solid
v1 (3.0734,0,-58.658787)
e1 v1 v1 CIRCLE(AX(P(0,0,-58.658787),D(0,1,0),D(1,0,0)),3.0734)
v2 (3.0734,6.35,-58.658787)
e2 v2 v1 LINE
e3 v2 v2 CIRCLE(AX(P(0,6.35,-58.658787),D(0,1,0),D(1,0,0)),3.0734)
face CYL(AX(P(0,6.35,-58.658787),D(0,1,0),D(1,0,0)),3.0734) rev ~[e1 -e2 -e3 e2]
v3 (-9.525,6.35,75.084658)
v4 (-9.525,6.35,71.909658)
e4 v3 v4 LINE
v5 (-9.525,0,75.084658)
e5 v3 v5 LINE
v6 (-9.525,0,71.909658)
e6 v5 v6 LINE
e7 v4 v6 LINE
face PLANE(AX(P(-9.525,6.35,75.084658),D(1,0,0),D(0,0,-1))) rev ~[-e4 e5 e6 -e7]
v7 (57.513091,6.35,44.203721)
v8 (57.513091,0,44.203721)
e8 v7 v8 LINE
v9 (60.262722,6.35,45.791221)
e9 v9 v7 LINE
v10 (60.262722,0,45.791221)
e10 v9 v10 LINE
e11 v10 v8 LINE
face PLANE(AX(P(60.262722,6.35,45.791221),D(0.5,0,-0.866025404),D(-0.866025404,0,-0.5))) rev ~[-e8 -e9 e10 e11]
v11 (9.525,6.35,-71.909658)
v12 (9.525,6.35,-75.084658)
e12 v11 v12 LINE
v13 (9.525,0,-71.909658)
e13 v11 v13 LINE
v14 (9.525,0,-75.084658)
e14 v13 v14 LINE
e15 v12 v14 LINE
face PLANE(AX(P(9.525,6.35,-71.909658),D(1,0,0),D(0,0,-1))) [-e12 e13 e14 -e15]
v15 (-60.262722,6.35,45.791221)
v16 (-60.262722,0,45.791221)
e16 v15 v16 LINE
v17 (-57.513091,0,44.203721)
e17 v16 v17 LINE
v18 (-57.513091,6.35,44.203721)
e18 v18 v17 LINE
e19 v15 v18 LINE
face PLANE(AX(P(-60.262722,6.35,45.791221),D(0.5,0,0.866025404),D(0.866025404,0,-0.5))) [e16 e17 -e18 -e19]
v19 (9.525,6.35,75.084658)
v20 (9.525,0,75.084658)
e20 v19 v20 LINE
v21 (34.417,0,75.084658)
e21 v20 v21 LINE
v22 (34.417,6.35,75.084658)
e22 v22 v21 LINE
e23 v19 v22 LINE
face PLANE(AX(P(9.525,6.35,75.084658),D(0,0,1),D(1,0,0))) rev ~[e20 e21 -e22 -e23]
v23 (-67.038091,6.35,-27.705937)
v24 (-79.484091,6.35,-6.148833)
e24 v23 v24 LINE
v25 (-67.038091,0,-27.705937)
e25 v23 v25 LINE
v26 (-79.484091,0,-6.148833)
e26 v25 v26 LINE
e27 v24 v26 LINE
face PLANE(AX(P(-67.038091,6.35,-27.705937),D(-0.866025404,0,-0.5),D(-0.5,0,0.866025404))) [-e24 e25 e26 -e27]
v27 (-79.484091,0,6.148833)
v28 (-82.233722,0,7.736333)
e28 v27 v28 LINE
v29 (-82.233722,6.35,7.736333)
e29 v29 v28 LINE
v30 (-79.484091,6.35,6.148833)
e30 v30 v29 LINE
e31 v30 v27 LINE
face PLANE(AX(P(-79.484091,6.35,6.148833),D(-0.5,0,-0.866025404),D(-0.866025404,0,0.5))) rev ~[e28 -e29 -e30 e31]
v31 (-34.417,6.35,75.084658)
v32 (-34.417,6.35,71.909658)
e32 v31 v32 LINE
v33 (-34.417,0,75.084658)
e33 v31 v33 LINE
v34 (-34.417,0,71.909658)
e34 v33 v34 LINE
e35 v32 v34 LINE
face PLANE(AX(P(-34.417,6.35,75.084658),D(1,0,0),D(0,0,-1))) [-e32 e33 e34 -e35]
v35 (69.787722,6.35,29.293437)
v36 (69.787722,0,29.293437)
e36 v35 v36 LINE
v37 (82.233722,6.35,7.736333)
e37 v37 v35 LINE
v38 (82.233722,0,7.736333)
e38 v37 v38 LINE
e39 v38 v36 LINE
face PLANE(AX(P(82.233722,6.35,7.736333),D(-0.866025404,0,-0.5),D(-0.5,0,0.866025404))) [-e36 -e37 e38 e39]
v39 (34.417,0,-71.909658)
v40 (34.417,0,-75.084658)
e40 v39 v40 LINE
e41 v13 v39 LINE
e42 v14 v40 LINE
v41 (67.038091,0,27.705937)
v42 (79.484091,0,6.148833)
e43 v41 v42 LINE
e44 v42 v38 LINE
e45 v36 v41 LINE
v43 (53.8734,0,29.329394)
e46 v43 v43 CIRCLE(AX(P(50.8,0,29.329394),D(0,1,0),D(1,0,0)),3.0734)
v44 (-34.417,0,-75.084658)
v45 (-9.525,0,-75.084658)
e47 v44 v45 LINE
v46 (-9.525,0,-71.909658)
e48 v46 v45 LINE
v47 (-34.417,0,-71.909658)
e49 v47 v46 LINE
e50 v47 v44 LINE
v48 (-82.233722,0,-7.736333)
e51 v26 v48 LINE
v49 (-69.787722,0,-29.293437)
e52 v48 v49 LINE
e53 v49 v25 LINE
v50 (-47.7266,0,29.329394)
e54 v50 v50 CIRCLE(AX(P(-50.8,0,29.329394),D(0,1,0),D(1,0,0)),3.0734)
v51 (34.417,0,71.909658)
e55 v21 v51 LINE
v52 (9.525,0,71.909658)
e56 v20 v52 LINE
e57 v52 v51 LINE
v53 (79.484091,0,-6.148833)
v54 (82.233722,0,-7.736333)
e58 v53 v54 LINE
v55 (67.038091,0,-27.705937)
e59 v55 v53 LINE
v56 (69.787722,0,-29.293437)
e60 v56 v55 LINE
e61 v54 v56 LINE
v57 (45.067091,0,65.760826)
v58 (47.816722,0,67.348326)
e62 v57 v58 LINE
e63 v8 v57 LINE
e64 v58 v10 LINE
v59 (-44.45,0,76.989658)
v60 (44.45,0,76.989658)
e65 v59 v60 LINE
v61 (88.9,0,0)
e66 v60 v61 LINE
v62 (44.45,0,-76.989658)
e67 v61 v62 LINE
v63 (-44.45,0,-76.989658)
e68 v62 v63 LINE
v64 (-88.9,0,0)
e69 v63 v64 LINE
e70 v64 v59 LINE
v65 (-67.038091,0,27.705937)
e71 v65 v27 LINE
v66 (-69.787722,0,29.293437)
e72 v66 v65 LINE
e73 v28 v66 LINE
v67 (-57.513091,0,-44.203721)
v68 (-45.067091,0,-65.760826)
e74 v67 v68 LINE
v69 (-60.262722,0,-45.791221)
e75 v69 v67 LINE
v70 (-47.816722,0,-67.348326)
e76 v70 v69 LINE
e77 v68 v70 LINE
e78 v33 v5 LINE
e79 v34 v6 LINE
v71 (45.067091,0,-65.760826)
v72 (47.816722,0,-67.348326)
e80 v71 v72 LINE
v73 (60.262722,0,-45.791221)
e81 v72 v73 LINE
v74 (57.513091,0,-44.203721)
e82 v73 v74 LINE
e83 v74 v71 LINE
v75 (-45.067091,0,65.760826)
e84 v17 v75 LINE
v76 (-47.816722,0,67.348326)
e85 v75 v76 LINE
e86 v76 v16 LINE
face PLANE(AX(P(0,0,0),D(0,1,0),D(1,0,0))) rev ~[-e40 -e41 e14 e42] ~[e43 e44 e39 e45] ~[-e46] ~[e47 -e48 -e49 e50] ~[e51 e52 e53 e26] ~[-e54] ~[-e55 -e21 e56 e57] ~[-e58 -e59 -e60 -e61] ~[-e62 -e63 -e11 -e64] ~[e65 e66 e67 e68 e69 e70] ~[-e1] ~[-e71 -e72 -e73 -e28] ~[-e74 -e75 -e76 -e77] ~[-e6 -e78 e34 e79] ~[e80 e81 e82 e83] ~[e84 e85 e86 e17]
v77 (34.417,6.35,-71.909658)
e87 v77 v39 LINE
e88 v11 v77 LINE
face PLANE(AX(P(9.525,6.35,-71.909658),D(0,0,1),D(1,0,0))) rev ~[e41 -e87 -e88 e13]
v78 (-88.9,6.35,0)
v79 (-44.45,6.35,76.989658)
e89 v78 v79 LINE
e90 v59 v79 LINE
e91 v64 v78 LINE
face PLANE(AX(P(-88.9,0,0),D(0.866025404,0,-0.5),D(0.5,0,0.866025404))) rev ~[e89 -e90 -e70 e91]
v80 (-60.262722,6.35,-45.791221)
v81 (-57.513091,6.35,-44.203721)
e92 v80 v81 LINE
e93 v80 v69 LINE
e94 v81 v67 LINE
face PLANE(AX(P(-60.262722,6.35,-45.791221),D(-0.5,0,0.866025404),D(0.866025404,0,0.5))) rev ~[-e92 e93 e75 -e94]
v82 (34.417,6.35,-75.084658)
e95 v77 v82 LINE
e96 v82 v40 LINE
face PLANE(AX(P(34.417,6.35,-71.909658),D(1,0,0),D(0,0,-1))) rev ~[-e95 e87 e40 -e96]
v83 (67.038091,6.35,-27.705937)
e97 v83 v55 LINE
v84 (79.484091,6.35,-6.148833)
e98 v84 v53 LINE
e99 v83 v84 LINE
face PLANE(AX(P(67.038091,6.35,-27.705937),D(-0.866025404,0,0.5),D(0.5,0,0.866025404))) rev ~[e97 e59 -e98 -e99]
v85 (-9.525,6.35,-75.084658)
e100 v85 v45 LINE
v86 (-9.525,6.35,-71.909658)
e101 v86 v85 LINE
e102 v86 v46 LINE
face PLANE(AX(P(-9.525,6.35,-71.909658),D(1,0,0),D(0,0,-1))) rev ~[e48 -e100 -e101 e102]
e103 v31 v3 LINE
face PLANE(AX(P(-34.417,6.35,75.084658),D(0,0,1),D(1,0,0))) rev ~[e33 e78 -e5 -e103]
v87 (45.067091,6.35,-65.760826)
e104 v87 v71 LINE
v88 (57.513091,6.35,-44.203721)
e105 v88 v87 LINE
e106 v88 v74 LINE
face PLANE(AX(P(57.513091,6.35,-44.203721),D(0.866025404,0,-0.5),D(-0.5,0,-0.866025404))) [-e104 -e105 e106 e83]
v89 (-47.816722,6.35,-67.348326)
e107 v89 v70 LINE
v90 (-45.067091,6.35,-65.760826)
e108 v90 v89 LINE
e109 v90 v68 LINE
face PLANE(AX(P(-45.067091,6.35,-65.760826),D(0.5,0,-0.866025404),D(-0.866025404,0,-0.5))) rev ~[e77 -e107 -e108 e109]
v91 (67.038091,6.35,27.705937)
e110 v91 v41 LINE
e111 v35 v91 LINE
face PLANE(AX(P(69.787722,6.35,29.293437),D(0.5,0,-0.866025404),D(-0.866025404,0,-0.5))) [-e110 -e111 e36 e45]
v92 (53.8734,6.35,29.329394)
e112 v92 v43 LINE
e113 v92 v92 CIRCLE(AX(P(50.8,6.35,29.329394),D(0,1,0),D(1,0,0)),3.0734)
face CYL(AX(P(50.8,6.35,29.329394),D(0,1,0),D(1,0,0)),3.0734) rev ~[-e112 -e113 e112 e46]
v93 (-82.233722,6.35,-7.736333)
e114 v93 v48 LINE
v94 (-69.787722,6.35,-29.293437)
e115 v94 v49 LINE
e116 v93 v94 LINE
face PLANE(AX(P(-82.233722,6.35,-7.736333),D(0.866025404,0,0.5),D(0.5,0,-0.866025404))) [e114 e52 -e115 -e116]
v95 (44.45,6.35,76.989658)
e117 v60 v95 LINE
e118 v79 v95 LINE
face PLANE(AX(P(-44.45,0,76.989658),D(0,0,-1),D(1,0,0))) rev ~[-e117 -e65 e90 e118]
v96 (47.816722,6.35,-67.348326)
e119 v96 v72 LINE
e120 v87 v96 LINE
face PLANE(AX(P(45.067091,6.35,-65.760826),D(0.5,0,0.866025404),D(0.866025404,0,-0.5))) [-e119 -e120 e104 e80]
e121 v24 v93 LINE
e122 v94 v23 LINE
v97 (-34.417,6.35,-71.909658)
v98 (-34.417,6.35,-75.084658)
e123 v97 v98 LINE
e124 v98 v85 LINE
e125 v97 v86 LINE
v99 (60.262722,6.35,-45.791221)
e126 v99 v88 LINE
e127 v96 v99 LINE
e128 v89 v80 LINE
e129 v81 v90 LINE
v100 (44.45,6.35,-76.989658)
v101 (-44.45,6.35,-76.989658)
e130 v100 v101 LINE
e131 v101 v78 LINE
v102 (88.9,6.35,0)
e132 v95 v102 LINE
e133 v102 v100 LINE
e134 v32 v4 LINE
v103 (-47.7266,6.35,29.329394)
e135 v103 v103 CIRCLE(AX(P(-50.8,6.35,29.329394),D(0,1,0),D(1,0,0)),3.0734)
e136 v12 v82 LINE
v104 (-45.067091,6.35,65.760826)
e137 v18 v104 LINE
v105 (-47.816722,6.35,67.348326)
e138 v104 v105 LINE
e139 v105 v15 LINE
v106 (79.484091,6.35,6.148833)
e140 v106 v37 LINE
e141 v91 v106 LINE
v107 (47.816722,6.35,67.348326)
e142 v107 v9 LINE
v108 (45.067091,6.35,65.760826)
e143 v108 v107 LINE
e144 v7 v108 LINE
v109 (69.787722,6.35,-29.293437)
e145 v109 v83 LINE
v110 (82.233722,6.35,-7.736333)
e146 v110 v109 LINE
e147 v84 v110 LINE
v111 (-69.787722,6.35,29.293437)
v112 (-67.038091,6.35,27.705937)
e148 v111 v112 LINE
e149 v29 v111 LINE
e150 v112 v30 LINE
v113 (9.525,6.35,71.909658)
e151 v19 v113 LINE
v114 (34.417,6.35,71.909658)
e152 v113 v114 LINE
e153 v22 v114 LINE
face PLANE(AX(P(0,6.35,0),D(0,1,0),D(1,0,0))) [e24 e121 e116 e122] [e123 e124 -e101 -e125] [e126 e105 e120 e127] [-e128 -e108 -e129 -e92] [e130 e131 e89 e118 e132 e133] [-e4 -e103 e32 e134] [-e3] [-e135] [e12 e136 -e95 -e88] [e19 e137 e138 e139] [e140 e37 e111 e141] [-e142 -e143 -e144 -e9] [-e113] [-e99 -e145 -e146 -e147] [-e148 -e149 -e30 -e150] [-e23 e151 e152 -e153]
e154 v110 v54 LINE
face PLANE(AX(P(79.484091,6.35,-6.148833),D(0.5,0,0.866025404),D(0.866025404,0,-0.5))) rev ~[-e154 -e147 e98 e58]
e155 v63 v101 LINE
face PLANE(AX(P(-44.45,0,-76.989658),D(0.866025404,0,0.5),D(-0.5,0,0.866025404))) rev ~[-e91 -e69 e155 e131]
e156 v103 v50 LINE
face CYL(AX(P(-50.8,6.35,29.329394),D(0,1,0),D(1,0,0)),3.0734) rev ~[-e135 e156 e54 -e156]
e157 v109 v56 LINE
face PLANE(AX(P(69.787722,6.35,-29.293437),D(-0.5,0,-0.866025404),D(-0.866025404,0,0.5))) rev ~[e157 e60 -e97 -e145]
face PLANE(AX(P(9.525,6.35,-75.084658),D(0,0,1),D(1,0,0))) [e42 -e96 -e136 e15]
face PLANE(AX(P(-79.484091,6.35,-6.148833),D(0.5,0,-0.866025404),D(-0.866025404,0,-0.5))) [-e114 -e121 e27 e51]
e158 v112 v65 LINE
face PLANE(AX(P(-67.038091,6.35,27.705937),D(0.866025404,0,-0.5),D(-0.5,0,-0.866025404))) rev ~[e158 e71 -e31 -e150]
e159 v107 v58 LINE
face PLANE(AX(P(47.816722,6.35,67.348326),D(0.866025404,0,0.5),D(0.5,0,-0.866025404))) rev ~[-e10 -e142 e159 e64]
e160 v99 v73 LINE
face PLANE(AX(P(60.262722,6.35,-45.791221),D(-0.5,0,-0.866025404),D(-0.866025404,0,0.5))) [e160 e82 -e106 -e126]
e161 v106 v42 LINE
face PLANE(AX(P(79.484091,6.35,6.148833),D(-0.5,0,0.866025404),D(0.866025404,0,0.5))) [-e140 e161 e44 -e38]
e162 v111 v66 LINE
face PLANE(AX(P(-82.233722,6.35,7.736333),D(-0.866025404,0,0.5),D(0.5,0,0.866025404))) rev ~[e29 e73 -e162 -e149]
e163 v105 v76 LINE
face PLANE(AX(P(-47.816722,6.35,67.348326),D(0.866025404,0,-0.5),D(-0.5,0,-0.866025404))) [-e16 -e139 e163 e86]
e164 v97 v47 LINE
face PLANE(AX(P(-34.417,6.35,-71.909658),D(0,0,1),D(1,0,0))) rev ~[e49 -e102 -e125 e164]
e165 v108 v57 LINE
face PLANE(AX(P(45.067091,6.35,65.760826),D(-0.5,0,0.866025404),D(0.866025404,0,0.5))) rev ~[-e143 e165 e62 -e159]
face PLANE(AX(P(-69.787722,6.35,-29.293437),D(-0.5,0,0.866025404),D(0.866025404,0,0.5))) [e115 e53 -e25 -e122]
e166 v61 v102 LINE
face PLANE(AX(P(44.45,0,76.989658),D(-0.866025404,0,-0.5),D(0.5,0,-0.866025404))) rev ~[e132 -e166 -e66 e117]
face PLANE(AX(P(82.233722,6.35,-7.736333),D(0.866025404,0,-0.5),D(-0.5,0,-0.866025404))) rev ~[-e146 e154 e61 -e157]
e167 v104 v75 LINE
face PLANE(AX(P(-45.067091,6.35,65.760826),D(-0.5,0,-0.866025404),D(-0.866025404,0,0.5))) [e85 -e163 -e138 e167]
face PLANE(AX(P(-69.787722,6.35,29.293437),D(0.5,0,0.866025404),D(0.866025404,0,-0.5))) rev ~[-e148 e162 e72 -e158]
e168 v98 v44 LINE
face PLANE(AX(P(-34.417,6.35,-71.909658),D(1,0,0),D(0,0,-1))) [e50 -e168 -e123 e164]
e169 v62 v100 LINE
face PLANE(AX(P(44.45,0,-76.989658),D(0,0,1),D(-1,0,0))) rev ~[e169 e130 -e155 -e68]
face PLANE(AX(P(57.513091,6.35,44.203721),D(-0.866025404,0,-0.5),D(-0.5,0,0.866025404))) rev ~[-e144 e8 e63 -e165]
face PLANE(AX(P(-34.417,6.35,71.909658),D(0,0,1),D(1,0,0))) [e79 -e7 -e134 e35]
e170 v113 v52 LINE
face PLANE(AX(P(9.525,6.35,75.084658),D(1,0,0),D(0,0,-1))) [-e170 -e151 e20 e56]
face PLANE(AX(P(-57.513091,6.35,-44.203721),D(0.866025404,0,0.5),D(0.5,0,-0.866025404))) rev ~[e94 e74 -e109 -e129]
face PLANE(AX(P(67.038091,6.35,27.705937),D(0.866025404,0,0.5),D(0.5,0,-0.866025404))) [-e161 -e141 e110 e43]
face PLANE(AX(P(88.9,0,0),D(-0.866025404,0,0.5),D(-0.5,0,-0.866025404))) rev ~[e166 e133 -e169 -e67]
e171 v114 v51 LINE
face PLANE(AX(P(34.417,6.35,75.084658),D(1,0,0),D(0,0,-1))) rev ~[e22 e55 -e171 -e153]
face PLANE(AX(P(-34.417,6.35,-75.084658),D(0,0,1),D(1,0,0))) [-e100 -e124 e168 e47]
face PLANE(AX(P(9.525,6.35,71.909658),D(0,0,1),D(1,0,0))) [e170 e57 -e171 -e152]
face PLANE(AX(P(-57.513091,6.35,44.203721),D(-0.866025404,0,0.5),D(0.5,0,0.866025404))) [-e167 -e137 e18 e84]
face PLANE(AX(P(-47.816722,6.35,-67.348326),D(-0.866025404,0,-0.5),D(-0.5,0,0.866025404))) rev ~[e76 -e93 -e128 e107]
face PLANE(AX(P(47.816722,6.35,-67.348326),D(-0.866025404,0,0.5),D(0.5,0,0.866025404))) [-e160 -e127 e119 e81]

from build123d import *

# Parameters (mm, degrees)
BOSS_EXTRUDE1_DEPTH = 6.35
SKETCH2_R           = 3.0734
SKETCH2_W           = 24.892
SKETCH2_H           = 3.175
CUT_EXTRUDE1_DEPTH  = 7.35


with BuildPart() as part:
    # Sketch1 → Boss-Extrude1 (new body)
    with BuildSketch(Plane(origin=(0, 0, 0), x_dir=(1, 0, 0), z_dir=(0, 1, 0))):
        Polygon((-88.9, 0), (-44.45, -76.989658396), (44.45, -76.989658396), (88.9, 0), (44.45, 76.989658396), (-44.45, 76.989658396), align=None)
    extrude(amount=BOSS_EXTRUDE1_DEPTH)

    # Sketch2 → Cut-Extrude1 (cut, through all)
    with BuildSketch(Plane(origin=(0, 6.35, 0), x_dir=(1, 0, 0), z_dir=(0, 1, 0))):
        with Locations((-50.8, -29.329393675)):
            Circle(SKETCH2_R)
        with Locations((0, 58.65878735)):
            Circle(SKETCH2_R)
        with Locations((50.8, -29.329393675)):
            Circle(SKETCH2_R)
        Polygon((-79.484090949, -6.148832876), (-82.233721606, -7.736332876), (-69.787721606, -29.293437227), (-67.038090949, -27.705937227), align=None)
        Polygon((-45.067090949, -65.76082552), (-47.816721606, -67.34832552), (-60.262721606, -45.791221169), (-57.513090949, -44.203721169), align=None)
        Polygon((-45.067090949, 65.76082552), (-47.816721606, 67.34832552), (-60.262721606, 45.791221169), (-57.513090949, 44.203721169), align=None)
        Polygon((-69.787721606, 29.293437227), (-67.038090949, 27.705937227), (-79.484090949, 6.148832876), (-82.233721606, 7.736332876), align=None)
        with Locations((21.971, 73.497158396)):
            Rectangle(SKETCH2_W, SKETCH2_H)
        with Locations((-21.971, 73.497158396)):
            Rectangle(SKETCH2_W, SKETCH2_H)
        Polygon((79.484090949, 6.148832876), (82.233721606, 7.736332876), (69.787721606, 29.293437227), (67.038090949, 27.705937227), align=None)
        Polygon((60.262721606, 45.791221169), (57.513090949, 44.203721169), (45.067090949, 65.76082552), (47.816721606, 67.34832552), align=None)
        Polygon((45.067090949, -65.76082552), (47.816721606, -67.34832552), (60.262721606, -45.791221169), (57.513090949, -44.203721169), align=None)
        Polygon((69.787721606, -29.293437227), (67.038090949, -27.705937227), (79.484090949, -6.148832876), (82.233721606, -7.736332876), align=None)
        with Locations((-21.971, -73.497158396)):
            Rectangle(SKETCH2_W, SKETCH2_H)
        with Locations((21.971, -73.497158396)):
            Rectangle(SKETCH2_W, SKETCH2_H)
    extrude(amount=-CUT_EXTRUDE1_DEPTH, mode=Mode.SUBTRACT)


solid = part.part
